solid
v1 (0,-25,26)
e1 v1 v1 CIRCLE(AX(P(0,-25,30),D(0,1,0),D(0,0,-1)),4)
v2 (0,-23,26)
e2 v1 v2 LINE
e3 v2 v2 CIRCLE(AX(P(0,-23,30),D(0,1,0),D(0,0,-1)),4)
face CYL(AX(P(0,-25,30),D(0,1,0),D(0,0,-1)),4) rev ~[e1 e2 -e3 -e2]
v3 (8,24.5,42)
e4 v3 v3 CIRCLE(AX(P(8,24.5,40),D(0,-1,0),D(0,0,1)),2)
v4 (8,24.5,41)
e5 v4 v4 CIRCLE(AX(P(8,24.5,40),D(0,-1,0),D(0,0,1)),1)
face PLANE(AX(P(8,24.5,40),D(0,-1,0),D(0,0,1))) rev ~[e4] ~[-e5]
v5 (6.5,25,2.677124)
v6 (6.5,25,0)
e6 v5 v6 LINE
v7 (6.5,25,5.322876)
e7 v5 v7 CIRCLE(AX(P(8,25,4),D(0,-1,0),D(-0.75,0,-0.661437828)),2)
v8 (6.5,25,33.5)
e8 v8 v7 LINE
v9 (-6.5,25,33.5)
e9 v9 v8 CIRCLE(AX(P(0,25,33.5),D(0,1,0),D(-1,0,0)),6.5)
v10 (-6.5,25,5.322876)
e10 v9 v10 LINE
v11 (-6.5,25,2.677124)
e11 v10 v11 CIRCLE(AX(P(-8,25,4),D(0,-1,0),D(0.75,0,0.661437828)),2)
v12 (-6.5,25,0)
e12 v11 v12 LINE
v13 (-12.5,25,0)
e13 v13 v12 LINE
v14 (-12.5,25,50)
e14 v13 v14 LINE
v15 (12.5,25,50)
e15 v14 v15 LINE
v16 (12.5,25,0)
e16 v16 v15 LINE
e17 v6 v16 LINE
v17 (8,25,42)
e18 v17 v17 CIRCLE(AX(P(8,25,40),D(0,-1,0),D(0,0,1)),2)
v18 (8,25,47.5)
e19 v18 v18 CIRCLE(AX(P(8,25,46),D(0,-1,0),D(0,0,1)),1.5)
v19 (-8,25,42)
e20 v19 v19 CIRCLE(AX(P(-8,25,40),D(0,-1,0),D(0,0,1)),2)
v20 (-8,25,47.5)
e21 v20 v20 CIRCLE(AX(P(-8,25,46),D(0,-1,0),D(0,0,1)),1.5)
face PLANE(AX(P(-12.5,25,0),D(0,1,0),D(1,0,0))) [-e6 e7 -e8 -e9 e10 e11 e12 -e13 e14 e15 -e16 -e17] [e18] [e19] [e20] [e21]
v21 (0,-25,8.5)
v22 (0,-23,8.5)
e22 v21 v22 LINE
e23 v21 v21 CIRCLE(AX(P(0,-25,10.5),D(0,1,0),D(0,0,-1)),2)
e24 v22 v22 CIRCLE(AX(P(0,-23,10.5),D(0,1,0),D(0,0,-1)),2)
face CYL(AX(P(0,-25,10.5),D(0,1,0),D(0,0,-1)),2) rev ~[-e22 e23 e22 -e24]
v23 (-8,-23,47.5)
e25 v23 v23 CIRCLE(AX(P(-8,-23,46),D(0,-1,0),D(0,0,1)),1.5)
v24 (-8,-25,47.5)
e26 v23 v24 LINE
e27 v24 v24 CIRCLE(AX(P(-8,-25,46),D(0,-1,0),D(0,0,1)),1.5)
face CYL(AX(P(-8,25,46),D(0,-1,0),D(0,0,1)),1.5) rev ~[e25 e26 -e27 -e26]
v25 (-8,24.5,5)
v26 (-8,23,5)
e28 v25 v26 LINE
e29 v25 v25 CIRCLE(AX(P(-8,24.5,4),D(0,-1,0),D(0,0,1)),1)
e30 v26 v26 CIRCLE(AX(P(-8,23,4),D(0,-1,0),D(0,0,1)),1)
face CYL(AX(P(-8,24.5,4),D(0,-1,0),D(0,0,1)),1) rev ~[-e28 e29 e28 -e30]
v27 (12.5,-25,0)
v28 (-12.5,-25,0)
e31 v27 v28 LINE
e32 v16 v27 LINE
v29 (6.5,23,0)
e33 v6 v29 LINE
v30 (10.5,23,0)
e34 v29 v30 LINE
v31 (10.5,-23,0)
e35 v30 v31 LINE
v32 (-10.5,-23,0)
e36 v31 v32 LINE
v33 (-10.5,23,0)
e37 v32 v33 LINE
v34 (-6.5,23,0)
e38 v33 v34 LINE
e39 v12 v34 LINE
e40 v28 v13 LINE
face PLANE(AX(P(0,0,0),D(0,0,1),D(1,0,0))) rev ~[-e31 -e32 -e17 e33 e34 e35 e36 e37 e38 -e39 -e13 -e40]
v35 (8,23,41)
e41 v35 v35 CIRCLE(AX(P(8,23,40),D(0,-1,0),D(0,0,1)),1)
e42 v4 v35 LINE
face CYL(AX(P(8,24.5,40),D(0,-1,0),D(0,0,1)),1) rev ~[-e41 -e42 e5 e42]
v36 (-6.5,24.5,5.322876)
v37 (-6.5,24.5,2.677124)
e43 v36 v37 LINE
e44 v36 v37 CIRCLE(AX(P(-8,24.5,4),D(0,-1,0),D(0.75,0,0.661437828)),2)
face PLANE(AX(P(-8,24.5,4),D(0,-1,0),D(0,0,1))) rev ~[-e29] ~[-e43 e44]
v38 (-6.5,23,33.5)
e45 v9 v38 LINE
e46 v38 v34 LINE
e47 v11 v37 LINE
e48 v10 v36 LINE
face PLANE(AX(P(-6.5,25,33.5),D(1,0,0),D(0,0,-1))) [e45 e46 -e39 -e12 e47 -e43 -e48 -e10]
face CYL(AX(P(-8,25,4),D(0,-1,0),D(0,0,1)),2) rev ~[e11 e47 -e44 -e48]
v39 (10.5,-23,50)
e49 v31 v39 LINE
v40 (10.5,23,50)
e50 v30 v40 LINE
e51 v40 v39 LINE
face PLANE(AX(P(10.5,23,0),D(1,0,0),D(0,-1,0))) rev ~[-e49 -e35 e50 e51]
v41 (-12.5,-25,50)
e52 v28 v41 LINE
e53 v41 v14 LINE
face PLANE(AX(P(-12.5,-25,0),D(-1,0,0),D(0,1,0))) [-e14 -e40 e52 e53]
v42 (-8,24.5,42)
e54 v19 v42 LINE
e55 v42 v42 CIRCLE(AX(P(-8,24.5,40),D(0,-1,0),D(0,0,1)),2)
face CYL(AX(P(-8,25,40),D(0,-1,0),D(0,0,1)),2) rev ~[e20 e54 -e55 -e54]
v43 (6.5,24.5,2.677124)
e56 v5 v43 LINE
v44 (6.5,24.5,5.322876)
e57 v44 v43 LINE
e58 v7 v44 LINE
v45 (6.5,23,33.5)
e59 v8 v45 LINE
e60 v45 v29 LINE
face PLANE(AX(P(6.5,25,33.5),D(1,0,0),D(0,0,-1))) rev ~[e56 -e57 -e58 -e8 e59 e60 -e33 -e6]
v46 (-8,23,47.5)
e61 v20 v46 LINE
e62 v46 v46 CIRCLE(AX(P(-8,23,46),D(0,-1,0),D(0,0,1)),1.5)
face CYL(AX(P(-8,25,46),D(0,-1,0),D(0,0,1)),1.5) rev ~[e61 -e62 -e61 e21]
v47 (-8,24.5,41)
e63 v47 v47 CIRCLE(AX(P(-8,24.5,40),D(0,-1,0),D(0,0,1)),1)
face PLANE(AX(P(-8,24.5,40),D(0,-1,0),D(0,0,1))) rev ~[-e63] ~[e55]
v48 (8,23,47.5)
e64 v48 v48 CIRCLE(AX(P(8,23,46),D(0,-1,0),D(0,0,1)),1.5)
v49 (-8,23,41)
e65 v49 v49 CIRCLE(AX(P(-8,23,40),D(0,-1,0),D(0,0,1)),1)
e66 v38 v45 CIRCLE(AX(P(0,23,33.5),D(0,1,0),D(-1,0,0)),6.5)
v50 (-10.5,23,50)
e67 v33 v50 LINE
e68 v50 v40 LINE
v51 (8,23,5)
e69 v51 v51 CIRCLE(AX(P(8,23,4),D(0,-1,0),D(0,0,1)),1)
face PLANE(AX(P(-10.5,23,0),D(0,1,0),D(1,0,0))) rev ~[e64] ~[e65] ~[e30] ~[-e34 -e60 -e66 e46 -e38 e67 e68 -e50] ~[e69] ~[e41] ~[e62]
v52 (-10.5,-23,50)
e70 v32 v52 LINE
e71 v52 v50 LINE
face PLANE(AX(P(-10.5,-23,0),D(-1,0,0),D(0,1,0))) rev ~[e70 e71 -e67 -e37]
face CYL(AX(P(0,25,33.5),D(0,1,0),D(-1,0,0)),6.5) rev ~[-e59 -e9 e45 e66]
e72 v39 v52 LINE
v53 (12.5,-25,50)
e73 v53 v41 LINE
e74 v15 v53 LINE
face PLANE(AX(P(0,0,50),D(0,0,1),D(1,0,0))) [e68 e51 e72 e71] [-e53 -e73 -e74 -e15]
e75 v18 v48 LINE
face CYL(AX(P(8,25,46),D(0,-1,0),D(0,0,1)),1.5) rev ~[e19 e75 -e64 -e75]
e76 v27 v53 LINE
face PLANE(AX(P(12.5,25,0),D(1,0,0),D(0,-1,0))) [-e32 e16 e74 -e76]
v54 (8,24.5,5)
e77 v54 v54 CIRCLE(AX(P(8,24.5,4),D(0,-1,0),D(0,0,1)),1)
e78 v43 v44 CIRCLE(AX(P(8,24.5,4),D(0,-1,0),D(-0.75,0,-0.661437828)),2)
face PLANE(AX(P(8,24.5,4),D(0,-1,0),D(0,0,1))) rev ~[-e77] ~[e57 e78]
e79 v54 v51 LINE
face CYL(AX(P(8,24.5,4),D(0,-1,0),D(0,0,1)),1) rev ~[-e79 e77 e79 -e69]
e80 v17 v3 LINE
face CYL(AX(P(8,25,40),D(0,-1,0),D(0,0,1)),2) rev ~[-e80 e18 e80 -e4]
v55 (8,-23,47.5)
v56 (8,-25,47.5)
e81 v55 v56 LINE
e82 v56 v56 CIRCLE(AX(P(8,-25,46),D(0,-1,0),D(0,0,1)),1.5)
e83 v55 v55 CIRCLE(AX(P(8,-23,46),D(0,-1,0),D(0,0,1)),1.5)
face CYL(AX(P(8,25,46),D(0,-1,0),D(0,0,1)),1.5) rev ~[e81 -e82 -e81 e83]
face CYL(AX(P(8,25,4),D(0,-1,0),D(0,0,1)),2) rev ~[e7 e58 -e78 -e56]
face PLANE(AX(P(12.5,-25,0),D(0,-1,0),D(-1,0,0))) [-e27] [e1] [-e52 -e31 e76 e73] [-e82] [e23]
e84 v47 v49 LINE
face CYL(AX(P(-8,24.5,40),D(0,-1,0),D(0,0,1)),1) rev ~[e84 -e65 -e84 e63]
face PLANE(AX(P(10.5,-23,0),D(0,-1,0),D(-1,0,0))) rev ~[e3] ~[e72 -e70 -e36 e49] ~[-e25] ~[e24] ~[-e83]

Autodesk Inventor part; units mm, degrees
ref_plane "YZ Plane" through (0, 0, 0) normal (1, 0, 0) x (0, 1, 0)
ref_plane "XZ Plane" through (0, 0, 0) normal (0, 1, 0) x (-1, 0, 0)
ref_plane "XY Plane" through (0, 0, 0) normal (0, 0, 1) x (1, 0, 0)
sketch "スケッチ1" plane through (0, 0, 0) normal (0, 0, 1) x (1, 0, 0)
  line L0 (-12.5, 25) -> (12.5, 25)
  line L1 (12.5, 25) -> (12.5, -25)
  line L2 (12.5, -25) -> (-12.5, -25)
  line L3 (-12.5, -25) -> (-12.5, 25)
  line L4 (-10.5, 23) -> (10.5, 23)
  line L5 (10.5, 23) -> (10.5, -23)
  line L6 (10.5, -23) -> (-10.5, -23)
  line L7 (-10.5, -23) -> (-10.5, 23)
  point P0 (0, 0)
  dimension "d0" = 25
  dimension "d1" = 50
  dimension "d2" = 46
  dimension "d3" = 21
  dimension "d4" = 25
  dimension "d5" = 23
  dimension "d6" = 10.5
  dimension "d7" = 12.5
extrude "押し出し1" add sketch "スケッチ1" along normal blind 50
sketch "スケッチ2" plane through (-12.5, 25, 0) normal (0, 1, 0) x (1, 0, 0)
  line L0 (0, 0) -> (25, 0) projected
  line L1 (0, 0) -> (0, -50) projected
  arc A0 (6, -33.5) -> (19, -33.5) centre (12.5, -33.5) ccw
  line L2 (6, -33.5) -> (6, 0)
  line L3 (19, -33.5) -> (19, 0)
  point P0 (12.5, 0)
  dimension "d10" = 13
  dimension "d11" = 33.5
  dimension "d12" = 12.5
extrude "押し出し2" cut sketch "スケッチ2" against normal blind 2
sketch "スケッチ3" plane through (-12.5, 25, 50) normal (0, 1, 0) x (1, 0, 0)
  arc A0 (6, 16.5) -> (19, 16.5) centre (12.5, 16.5) ccw projected
  circle A1 centre (4.5, 10) radius 1
  circle A2 centre (4.5, 46) radius 1
  circle A3 centre (20.5, 46) radius 1
  circle A4 centre (20.5, 10) radius 1
  point P0 (12.5, 50)
  dimension "d15" = 6.5
  dimension "d16" = 6.5
  dimension "d17" = 2
  dimension "d18" = 8
  dimension "d19" = 8
  dimension "d20" = 8
  dimension "d21" = 8
  dimension "d22" = 29.5
  dimension "d23" = 29.5
hole "穴1" at (-8, 25, 4) at (8, 25, 4) at (8, 25, 40) at (-8, 25, 40) direction (0, -1, 0) diameter 2 depth 2 tip angle 118 counterbore diameter 4 counterbore depth 0.5
sketch "スケッチ4" plane through (-12.5, -25, 0) normal (0, -1, 0) x (1, 0, 0)
  line L0 (25, 0) -> (0, 0) projected
  line L1 (25, 0) -> (25, 50) projected
  circle A0 centre (12.5, 10.5) radius 2
  point P0 (12.5, 0)
  dimension "d31" = 4
  dimension "d32" = 12.5
  dimension "d33" = 10.5
hole "穴2" at (0, -25, 10.5) direction (0, 1, 0) diameter 4 end through all
sketch "スケッチ5" plane through (-12.5, 25, 50) normal (0, 1, 0) x (1, 0, 0)
  line L0 (0, 0) -> (25, 0) projected
  arc A0 (6, 16.5) -> (19, 16.5) centre (12.5, 16.5) ccw projected
  circle A1 centre (20.5, 4) radius 1.5
  circle A2 centre (4.5, 4) radius 1.5
  point P0 (12.5, 50)
  dimension "d43" = 4
  dimension "d44" = 4
  dimension "d46" = 8
  dimension "d47" = 8
  dimension "d57" = 3
hole "穴4" at (-8, 25, 46) at (8, 25, 46) direction (0, -1, 0) diameter 3 end through all
thread "ねじ1" size "M3x0.5" class "6H" standard "ANSI Metric M Profile" full length
thread "ねじ2" size "M3x0.5" class "6H" standard "ANSI Metric M Profile" full length
thread "ねじ3" size "M3x0.5" class "6H" standard "ANSI Metric M Profile" full length
thread "ねじ4" size "M3x0.5" class "6H" standard "ANSI Metric M Profile" full length
sketch "スケッチ7" plane through (-12.5, -25, 0) normal (0, -1, 0) x (1, 0, 0)
  line L0 (25, 50) -> (0, 50) projected
  line L1 (0, 0) -> (0, 50) projected
  circle A0 centre (12.5, 30) radius 4
  point P0 (12.5, 0)
  dimension "d78" = 8
  dimension "d80" = 20
  dimension "d81" = 12.5
hole "穴5" at (0, -25, 30) direction (0, 1, 0) diameter 8 end through all
properties part number "08" material "アルミニウム 6061"
